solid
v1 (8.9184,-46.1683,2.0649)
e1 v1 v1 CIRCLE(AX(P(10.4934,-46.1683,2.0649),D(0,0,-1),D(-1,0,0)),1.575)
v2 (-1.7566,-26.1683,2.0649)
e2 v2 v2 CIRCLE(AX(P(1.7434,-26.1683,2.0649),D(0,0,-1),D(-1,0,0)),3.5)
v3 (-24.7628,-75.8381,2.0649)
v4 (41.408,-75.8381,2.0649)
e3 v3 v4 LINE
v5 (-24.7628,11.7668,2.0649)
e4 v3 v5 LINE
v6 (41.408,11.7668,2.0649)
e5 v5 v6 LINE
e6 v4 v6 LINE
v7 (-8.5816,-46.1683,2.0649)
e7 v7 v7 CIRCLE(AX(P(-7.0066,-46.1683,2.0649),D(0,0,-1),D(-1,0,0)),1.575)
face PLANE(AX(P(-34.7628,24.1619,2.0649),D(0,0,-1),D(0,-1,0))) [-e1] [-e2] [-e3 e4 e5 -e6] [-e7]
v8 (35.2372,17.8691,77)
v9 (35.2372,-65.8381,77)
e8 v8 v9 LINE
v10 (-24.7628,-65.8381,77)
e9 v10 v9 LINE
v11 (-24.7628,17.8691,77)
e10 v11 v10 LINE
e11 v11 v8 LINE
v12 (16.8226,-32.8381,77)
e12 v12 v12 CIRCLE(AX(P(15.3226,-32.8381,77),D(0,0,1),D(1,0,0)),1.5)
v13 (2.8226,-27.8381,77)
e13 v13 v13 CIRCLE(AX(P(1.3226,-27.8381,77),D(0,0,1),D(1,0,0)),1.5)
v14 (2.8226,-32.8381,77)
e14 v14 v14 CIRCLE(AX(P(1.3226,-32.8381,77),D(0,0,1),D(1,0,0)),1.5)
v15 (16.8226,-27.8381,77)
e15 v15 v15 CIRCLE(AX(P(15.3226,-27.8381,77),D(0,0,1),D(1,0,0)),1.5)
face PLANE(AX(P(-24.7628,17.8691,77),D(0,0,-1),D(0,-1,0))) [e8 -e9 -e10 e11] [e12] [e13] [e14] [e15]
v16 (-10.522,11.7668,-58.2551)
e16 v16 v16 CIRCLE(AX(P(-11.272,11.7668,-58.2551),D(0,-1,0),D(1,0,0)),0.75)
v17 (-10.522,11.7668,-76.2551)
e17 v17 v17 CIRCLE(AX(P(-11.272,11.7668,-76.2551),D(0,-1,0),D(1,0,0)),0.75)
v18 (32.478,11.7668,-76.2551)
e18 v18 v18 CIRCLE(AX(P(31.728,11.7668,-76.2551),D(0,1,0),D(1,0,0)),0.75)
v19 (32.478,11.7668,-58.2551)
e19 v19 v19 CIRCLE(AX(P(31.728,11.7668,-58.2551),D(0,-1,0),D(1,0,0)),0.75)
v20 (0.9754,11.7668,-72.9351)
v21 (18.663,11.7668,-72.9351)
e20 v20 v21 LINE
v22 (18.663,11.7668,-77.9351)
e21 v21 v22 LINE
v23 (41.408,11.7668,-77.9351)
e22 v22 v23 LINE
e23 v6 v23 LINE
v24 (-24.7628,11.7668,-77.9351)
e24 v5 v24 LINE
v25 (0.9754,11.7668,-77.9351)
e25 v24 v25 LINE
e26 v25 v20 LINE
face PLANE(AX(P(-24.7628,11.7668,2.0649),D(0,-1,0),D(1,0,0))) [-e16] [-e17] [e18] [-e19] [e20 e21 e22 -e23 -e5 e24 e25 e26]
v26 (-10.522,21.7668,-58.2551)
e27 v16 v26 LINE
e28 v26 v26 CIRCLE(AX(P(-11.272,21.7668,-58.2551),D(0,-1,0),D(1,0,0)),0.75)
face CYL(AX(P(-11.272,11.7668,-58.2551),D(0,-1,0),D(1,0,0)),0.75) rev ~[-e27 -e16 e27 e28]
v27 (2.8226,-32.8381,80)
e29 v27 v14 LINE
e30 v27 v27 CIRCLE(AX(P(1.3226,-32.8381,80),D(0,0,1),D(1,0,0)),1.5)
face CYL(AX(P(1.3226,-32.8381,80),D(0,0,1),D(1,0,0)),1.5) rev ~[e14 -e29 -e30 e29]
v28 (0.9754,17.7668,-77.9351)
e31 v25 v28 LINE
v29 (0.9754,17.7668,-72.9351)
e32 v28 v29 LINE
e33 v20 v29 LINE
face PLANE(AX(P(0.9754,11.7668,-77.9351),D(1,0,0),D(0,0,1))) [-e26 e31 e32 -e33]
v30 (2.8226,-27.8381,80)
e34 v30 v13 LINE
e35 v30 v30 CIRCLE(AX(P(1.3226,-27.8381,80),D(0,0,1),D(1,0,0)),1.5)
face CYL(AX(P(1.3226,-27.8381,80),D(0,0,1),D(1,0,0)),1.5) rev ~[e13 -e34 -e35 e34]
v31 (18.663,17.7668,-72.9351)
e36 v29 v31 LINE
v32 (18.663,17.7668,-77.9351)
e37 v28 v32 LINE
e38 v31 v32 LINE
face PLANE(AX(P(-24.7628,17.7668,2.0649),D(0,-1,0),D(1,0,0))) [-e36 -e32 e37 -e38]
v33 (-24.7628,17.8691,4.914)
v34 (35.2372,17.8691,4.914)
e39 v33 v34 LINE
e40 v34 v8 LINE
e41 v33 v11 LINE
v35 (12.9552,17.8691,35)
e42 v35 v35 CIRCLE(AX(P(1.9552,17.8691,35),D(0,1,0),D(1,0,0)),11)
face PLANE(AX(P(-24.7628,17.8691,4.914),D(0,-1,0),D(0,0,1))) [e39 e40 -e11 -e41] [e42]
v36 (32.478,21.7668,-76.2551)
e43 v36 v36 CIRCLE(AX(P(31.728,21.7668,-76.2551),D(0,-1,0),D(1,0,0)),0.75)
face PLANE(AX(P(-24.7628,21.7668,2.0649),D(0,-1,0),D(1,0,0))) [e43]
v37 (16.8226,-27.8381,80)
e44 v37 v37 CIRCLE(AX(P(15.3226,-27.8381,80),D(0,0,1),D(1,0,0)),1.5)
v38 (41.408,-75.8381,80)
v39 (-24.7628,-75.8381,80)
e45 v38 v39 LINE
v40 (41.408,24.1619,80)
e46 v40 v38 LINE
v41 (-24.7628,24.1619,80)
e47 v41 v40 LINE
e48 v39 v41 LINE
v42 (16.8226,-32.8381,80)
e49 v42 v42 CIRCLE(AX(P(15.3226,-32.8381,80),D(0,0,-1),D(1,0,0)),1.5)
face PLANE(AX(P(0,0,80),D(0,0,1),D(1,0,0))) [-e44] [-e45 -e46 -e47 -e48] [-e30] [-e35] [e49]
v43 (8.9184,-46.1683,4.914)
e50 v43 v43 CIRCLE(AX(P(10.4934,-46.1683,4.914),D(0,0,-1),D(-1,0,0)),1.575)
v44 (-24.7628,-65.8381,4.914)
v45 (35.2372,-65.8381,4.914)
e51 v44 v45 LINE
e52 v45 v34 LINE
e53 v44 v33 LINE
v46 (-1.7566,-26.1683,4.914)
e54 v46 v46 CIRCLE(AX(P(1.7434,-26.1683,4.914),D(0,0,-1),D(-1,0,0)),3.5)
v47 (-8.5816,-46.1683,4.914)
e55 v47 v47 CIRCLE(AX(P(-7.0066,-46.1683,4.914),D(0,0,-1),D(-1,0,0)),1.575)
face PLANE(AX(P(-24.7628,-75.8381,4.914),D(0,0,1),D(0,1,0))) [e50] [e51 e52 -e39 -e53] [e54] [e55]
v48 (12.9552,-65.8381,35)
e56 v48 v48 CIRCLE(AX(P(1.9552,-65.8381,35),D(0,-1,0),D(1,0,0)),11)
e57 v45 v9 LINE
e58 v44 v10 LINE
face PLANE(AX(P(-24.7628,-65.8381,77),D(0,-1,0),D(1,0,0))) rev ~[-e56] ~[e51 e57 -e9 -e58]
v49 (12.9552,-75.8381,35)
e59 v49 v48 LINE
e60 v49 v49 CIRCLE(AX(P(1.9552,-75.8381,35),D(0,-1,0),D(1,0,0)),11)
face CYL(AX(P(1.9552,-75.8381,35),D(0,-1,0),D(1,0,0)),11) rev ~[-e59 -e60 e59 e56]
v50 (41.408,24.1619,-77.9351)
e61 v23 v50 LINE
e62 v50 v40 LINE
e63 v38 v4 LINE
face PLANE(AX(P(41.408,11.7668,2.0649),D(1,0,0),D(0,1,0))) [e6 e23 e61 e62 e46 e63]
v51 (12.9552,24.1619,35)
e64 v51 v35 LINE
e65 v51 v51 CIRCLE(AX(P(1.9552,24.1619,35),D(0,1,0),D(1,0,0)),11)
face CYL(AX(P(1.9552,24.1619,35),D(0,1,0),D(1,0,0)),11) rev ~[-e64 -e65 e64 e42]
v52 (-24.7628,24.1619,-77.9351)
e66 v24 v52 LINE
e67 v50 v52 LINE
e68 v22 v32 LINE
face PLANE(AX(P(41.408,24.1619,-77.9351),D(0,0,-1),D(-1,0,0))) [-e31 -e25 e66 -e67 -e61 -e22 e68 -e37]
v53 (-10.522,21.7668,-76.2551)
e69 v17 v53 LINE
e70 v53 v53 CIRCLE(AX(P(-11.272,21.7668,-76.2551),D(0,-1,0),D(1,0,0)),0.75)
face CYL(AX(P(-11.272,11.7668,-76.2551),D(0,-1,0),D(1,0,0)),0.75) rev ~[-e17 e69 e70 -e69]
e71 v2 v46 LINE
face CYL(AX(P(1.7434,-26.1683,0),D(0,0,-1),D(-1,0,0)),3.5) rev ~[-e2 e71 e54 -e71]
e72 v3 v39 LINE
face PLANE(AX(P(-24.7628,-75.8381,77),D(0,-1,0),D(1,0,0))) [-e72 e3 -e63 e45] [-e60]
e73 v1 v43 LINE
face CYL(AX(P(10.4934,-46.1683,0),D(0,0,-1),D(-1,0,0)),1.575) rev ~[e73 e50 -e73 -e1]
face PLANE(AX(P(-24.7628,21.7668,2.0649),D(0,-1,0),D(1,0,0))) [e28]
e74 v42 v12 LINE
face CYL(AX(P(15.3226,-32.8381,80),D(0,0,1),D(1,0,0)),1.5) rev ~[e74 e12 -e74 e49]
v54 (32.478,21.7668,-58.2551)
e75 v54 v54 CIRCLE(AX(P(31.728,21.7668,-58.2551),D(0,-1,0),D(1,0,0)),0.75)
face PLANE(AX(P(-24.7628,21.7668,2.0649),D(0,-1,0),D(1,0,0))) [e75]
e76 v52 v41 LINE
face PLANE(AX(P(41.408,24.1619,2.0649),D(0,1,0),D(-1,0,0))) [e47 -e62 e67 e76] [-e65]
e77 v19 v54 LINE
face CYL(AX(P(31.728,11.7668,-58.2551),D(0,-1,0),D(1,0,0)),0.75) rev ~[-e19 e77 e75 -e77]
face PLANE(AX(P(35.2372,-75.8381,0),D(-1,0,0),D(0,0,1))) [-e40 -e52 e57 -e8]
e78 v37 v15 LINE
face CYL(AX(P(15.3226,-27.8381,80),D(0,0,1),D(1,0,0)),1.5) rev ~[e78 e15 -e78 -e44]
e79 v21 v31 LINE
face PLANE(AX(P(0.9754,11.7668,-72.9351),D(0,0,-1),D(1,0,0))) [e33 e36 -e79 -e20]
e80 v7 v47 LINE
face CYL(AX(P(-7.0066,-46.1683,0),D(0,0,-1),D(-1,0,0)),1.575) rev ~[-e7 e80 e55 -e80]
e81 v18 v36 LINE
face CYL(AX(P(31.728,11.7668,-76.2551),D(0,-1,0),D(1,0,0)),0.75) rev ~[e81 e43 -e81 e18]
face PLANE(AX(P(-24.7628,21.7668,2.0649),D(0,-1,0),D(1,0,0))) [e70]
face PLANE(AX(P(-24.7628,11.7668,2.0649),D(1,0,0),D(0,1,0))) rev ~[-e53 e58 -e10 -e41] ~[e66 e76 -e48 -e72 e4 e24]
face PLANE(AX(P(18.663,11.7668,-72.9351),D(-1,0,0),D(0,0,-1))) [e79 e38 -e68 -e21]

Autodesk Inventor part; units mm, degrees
ref_plane "YZ Plane" through (0, 0, 0) normal (1, 0, 0) x (0, 1, 0)
ref_plane "XZ Plane" through (0, 0, 0) normal (0, 1, 0) x (-1, 0, 0)
ref_plane "XY Plane" through (0, 0, 0) normal (0, 0, 1) x (1, 0, 0)
sketch "Sketch1" plane through (0, 0, 0) normal (0, 0, 1) x (1, 0, 0)
  line L0 (-24.7628, 24.1619) -> (95.2372, 24.1619)
  line L1 (95.2372, 24.1619) -> (95.2372, -75.8381)
  line L2 (95.2372, -75.8381) -> (-24.7628, -75.8381)
  line L3 (-24.7628, -75.8381) -> (-24.7628, 24.1619)
  point P0 (0, 0)
  dimension "d0" = 120
  dimension "d1" = 100
extrude "Extrusion1" add sketch "Sketch1" along normal blind 80
sketch "Sketch2" plane through (-24.7628, -75.8381, 0) normal (-1, 0, 0) x (0, 0, 1)
  line L0 (0, 0) -> (80, 0) projected
  line L1 (4.914, 93.7072) -> (77, 93.7072)
  line L2 (77, 93.7072) -> (77, 0)
  line L3 (77, 0) -> (4.914, 0)
  line L4 (4.914, 0) -> (4.914, 93.7072)
  line L5 (80, 100) -> (80, 0) projected
  line L6 (0, 100) -> (0, 0) projected
  point P0 (0, 75.8381)
  point P1 (4.914, 0)
  dimension "d6" = 3
  dimension "d108" = 4.914
extrude "Extrusion2" cut sketch "Sketch2" against normal blind 60
sketch "Sketch3" plane through (-24.7628, 24.1619, 0) normal (0, 1, 0) x (1, 0, 0)
  line L0 (0, 0) -> (0, -4.914) projected
  line L1 (0, 0) -> (0, -31.38)
  circle A0 centre (26.718, -35) radius 11
  line L2 (120, 0) -> (0, 0) projected
  point P0 (24.7628, 0)
  dimension "d7" = 31.38
  dimension "d9" = 22
  dimension "d109" = 35
extrude "Extrusion3" cut sketch "Sketch3" against normal blind 80
sketch "Sketch8" plane through (0, 0, 0) normal (0, 0, -1) x (-1, 0, 0)
  line L0 (-95.2372, 24.1619) -> (24.7628, 24.1619) projected
  line L1 (-1.9784, 24.1619) -> (-38.1484, 24.1619)
  circle A0 centre (-1.7434, -26.1683) radius 3.5
  circle A1 centre (-10.4934, -46.1683) radius 1.575
  circle A2 centre (7.0066, -46.1683) radius 1.575
  line L2 (7.0066, -46.1683) -> (-10.4934, -46.1683)
  line L3 (-1.7434, -26.1683) -> (-1.7434, -46.1683)
  point P0 (0, 0)
  point P1 (-4.8068, -28.0128)
  dimension "d26" = 36.17
  dimension "d143" = 3.15
  dimension "d144" = 3.15
  dimension "d145" = 20
sketch "Sketch9" plane through (0, 0, 80) normal (0, 0, 1) x (1, 0, 0)
  line L0 (95.2372, 24.1619) -> (-24.7628, 24.1619) projected
  line L1 (41.408, 24.1619) -> (95.2372, 24.1619)
  line L2 (95.2372, 24.1619) -> (95.2372, -75.6591)
  line L3 (95.2372, -75.6591) -> (41.408, -75.6591)
  line L4 (41.408, -75.6591) -> (41.408, 24.1619)
  point P0 (0, 0)
extrude "Extrusion8" cut sketch "Sketch9" against normal blind 82.75
sketch "Sketch11" plane through (41.408, -75.6591, 80) normal (0, 1, 0) x (1, 0, 0)
  line L0 (0, 0) -> (-66.1708, 0) projected
  line L1 (-66.1708, 80) -> (53.8292, 80) projected
  line L2 (0, 0) -> (53.8292, 0)
  line L3 (53.8292, 0) -> (53.8292, 80)
  line L4 (53.8292, 80) -> (0, 80)
  line L5 (0, 80) -> (0, 0)
  point P0 (-41.408, 80)
extrude "Extrusion9" cut sketch "Sketch11" against normal blind 82.75
sketch "Sketch16" plane through (-24.7628, -75.8381, 77) normal (0, -1, 0) x (1, 0, 0)
  line L0 (0, -72.086) -> (0, 0) projected
  line L1 (0, 0) -> (60, 0) projected
  line L2 (0, -72.086) -> (60, -72.086)
  line L3 (60, -72.086) -> (60, 0)
  line L4 (60, 0) -> (0, 0)
  line L5 (0, 0) -> (0, -72.086)
  circle A0 centre (26.718, -42) radius 11 projected
  circle A1 centre (26.718, -42) radius 5
  point P0 (24.7628, -77)
extrude "Extrusion14" add sketch "Sketch16" against normal blind 10 contours L0 L1 L3 L2
ref_plane "Work Plane1" through (-34.7628, -75.8381, 80) normal (-1, 0, 0) x (0, 0, 1)
sketch "Sketch24" plane through (-34.7628, -75.8381, 80) normal (-1, 0, 0) x (0, 0, 1)
  line L0 (-131.9676, 100) -> (-77.9351, 100)
  line L1 (-77.9351, 100) -> (-77.9351, -1.253)
  line L2 (-77.9351, -1.253) -> (-131.9676, -1.253)
  line L3 (-131.9676, -1.253) -> (-131.9676, 100)
  point P0 (-80, 75.8381)
extrude "Extrusion19" cut sketch "Sketch24" against normal blind 103.25
sketch "Sketch27" plane through (0, 0, 80) normal (0, 0, 1) x (1, 0, 0)
  line L0 (-24.7628, -75.8381) -> (41.408, -75.8381) projected
  circle A0 centre (15.3226, -32.8381) radius 1.5
  line L1 (15.3226, -32.8381) -> (1.3226, -32.8381)
  line L2 (15.3226, -35.3779) -> (15.3226, -32.8381)
  circle A1 centre (15.3226, -27.8381) radius 1.5
  circle A2 centre (1.3226, -32.8381) radius 1.5
  circle A3 centre (1.3226, -27.8381) radius 1.5
  line L3 (41.408, 24.1619) -> (-24.7628, 24.1619) projected
  point P0 (0, 0)
  dimension "d125" = 5
  dimension "d128" = 14
  dimension "d169" = 52
extrude "Extrusion22" cut sketch "Sketch27" against normal blind 20
extrude "Extrusion24" cut sketch "Sketch8" against normal blind 10
sketch "Sketch28" plane through (41.408, 24.1619, 2.0649) normal (0, 0, -1) x (-1, 0, 0)
  line L0 (0, -100) -> (0, 0) projected
  line L1 (66.1708, -90) -> (66.1708, -6.2928) projected
  line L2 (0, 0) -> (66.1708, 0)
  line L3 (66.1708, 0) -> (66.1708, -12.3951)
  line L4 (66.1708, -12.3951) -> (0, -12.3951)
  line L5 (0, -12.3951) -> (0, 0)
  point P0 (41.408, -24.1619)
  point P1 (0, -12.3951)
extrude "Extrusion25" add sketch "Sketch28" along normal blind 80
sketch "Sketch29" plane through (-24.7628, 11.7668, 2.0649) normal (0, -1, 0) x (1, 0, 0)
  line L0 (66.1708, -80) -> (0, -80) projected
  line L1 (66.1708, -80) -> (66.1708, -78.32)
  line L2 (66.1708, 0) -> (66.1708, -80) projected
  circle A0 centre (56.4908, -78.32) radius 0.75
  line L3 (56.4908, -78.32) -> (13.4908, -78.32)
  line L4 (56.4908, -61.93) -> (56.4908, -78.32)
  circle A1 centre (13.4908, -78.32) radius 0.75
  circle A2 centre (56.4908, -60.32) radius 0.75
  circle A3 centre (13.4908, -60.32) radius 0.75
  point P0 (24.7628, -2.0649)
  dimension "d150" = 1.5
  dimension "d155" = 43
  dimension "d158" = 18
  dimension "d163" = 18
extrude "Extrusion26" cut sketch "Sketch29" against normal blind 10
sketch "Sketch30" plane through (-24.7628, 11.7668, 2.0649) normal (0, -1, 0) x (1, 0, 0)
  circle A0 centre (56.4908, -78.32) radius 0.75 projected
  line L0 (0, -80) -> (66.1708, -80) projected
  line L1 (43.4258, -80) -> (25.7382, -80)
  line L2 (25.7382, -80) -> (25.7382, -75)
  line L3 (25.7382, -75) -> (43.4258, -75)
  line L4 (43.4258, -75) -> (43.4258, -80)
  point P0 (24.7628, -2.0649)
  point P1 (25.7382, -80)
  point P2 (43.4258, -80)
  dimension "d165" = 5
  dimension "d168" = 13.065
extrude "Extrusion27" cut sketch "Sketch30" against normal blind 6 contours L2 L3 L4 L0
properties part number "Gearbox"
